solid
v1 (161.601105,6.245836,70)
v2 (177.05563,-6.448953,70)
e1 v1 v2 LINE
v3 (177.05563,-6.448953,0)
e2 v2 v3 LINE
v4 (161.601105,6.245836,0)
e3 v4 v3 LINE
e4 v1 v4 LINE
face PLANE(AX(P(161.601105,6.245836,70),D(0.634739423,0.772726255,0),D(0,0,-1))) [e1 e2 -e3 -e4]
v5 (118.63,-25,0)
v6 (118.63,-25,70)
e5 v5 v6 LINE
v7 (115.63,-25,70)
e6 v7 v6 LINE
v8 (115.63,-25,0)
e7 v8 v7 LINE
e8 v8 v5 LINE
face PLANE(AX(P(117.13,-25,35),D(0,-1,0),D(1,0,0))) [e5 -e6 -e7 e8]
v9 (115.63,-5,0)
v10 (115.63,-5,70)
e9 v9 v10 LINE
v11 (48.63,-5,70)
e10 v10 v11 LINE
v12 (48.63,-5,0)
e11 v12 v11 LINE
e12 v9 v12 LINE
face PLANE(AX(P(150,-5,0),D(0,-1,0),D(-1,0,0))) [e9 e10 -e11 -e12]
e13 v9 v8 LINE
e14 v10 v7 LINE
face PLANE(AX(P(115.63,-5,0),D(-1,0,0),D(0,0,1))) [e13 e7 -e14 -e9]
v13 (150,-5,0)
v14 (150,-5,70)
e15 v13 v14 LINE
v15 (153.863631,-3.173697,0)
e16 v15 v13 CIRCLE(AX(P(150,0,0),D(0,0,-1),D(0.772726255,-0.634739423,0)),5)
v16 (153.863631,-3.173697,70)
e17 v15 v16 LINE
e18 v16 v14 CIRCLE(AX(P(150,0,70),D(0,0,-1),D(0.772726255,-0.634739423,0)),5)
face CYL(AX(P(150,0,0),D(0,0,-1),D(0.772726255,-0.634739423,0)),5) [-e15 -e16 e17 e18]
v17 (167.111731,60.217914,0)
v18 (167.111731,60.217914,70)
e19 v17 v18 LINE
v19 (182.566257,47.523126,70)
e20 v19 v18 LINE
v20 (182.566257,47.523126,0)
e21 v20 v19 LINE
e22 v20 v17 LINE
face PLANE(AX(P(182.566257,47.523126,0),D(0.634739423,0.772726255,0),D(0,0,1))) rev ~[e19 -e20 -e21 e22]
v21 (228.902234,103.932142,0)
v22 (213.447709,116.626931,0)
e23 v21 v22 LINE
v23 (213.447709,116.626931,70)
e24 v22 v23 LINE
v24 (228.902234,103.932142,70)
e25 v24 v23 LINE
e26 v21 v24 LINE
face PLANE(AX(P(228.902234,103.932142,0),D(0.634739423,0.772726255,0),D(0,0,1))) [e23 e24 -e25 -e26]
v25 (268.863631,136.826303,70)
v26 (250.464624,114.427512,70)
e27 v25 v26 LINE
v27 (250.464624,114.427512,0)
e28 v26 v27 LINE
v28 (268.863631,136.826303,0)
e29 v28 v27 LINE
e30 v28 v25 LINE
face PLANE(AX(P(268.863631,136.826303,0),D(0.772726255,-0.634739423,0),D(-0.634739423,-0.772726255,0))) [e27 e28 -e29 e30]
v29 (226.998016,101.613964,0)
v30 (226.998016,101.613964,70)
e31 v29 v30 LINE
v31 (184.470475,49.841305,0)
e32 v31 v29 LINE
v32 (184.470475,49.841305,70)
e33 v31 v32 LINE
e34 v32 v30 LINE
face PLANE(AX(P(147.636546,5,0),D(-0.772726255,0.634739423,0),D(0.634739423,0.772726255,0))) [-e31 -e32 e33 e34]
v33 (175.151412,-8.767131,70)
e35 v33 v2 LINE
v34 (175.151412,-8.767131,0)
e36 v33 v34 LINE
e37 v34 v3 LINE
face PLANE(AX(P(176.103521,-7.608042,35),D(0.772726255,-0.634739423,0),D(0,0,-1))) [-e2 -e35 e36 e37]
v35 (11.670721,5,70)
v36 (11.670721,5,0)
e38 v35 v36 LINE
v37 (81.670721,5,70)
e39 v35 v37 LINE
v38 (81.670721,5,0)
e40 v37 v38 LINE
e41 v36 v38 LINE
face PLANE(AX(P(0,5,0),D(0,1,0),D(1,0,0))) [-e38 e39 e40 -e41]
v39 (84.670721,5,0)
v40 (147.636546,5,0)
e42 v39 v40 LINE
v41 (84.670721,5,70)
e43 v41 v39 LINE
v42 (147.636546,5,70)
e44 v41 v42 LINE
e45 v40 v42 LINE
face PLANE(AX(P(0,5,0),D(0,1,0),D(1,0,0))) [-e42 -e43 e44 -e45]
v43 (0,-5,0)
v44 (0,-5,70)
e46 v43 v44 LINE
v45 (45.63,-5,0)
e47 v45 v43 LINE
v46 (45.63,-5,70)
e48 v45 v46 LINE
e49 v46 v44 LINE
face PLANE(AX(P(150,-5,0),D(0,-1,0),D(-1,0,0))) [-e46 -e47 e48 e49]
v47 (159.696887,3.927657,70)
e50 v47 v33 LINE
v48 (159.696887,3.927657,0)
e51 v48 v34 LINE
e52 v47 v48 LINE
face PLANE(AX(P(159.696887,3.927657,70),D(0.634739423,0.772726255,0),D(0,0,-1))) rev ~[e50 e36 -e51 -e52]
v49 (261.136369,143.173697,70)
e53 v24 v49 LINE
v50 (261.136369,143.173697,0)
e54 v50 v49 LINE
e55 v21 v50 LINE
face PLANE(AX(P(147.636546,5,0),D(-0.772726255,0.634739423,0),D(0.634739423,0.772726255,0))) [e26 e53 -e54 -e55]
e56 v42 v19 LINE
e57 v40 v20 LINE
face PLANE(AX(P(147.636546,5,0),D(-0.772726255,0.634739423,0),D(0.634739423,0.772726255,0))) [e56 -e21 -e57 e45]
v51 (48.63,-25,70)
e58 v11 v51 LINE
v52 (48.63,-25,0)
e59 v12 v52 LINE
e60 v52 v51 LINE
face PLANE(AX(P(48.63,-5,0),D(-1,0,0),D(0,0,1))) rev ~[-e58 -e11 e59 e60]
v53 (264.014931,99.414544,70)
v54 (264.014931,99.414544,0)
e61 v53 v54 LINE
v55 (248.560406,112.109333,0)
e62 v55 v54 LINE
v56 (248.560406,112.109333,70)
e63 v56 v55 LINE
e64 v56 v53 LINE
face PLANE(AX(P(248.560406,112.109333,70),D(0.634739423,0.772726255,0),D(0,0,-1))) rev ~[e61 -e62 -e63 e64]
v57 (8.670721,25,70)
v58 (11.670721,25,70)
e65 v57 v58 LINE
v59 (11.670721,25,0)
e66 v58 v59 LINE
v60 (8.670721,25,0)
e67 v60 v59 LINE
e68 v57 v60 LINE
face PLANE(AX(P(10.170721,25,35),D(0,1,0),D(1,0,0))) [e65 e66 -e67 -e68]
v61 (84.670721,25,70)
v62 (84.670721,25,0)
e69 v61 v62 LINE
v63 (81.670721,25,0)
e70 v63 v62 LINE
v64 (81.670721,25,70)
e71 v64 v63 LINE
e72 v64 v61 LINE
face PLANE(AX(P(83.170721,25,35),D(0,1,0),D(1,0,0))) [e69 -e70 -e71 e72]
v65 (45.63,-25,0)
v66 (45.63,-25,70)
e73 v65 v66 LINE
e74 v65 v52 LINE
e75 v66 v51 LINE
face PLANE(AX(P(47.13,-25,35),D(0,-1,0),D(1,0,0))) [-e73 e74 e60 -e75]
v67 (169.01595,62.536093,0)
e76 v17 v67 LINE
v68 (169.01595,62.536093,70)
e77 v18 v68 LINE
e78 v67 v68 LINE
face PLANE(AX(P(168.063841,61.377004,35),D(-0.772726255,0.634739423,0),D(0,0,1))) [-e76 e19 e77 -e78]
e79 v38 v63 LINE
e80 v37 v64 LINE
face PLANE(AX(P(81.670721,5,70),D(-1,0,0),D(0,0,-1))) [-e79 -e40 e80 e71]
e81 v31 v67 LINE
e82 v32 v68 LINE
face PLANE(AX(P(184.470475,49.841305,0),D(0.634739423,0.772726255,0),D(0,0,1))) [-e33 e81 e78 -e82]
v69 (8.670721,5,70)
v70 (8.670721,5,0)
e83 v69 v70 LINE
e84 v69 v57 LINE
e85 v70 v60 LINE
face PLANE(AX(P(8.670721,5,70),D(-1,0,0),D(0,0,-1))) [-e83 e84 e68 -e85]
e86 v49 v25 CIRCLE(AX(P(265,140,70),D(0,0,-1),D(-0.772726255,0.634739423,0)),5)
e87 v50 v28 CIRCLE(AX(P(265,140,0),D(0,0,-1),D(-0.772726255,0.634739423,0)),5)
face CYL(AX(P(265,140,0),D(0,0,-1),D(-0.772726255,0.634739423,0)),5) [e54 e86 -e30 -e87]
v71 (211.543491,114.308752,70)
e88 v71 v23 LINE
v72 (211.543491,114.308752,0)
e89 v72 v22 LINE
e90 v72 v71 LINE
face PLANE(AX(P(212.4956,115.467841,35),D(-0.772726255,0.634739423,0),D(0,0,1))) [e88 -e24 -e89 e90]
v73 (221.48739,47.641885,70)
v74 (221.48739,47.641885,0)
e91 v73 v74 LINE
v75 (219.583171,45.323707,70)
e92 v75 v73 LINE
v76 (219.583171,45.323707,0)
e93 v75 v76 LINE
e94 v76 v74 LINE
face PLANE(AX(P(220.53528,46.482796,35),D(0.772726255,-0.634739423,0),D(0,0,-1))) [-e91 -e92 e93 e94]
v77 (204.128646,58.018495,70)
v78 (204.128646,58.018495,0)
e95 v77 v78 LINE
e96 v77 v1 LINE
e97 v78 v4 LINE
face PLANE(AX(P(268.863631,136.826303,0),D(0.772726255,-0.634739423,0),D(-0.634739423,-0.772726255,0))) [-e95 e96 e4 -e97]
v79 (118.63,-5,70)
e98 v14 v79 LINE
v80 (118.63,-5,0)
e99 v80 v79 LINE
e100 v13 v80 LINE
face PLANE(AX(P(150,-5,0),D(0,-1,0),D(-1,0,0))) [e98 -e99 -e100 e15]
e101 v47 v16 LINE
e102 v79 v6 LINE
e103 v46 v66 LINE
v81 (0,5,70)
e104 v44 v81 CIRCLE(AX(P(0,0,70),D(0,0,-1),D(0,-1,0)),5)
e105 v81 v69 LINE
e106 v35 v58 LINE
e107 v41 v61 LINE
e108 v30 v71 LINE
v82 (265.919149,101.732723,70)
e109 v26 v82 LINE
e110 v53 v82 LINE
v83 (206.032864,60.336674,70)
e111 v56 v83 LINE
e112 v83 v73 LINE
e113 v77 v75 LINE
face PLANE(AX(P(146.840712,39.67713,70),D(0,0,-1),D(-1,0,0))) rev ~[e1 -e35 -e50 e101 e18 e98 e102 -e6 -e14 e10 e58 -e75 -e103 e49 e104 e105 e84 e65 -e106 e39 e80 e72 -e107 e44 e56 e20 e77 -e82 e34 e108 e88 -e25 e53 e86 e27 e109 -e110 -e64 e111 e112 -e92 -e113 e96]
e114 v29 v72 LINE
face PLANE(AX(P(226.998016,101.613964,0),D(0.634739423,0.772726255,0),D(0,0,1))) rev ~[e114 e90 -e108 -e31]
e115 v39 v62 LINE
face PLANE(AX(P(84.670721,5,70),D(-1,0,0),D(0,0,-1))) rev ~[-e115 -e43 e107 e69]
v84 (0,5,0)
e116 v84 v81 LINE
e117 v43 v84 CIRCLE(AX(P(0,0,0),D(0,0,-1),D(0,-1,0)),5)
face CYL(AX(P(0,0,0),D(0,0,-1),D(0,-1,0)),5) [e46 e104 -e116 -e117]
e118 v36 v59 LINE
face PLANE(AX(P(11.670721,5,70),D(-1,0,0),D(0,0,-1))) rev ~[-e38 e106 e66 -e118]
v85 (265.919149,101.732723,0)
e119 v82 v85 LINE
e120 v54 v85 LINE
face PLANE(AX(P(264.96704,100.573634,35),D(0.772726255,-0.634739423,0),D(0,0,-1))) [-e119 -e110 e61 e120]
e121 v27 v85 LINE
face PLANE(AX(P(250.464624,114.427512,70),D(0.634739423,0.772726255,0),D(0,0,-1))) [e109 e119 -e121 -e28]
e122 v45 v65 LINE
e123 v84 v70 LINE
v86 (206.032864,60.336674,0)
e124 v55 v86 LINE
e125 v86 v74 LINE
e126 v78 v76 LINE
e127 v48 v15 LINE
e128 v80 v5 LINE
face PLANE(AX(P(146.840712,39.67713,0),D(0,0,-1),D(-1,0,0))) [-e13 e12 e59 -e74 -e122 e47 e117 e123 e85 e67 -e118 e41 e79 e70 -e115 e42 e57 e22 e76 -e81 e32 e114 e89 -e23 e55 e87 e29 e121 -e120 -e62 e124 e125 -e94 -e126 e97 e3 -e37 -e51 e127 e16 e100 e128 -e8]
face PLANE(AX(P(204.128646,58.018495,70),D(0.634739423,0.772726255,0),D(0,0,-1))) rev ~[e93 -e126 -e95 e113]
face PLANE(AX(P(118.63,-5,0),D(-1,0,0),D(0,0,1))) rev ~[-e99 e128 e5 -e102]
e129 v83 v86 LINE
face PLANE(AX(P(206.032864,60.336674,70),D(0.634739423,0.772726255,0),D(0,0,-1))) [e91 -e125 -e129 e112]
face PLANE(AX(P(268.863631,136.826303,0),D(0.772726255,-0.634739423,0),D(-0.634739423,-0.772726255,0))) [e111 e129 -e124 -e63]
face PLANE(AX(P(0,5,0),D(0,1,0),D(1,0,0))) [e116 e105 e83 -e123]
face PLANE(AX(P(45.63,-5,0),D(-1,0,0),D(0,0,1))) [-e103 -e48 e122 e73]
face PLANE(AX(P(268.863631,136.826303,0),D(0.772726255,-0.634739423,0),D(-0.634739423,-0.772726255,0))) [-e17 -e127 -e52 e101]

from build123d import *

# Parameters (mm, degrees)
BOSS_EXTRUDE1_DEPTH = 70
SKETCH2_W           = 3
SKETCH2_H           = 70
BOSS_EXTRUDE2_DEPTH = 20
LPATTERN2_COUNT     = 2
LPATTERN2_PITCH     = 73
SKETCH3_W           = 70
SKETCH3_H           = 3
BOSS_EXTRUDE3_DEPTH = 20
LPATTERN3_COUNT     = 2
LPATTERN3_PITCH     = 70
SKETCH6_W           = 3
SKETCH6_H           = 70
BOSS_EXTRUDE4_DEPTH = 20
LPATTERN4_COUNT     = 2
LPATTERN4_PITCH     = 70
SKETCH8_W           = 70
SKETCH8_H           = 3
BOSS_EXTRUDE5_DEPTH = 20
LPATTERN5_COUNT     = 3
LPATTERN5_PITCH     = 70


with BuildPart() as part:
    # Sketch1 → Boss-Extrude1 (new body)
    with BuildSketch(Plane.XY):
        with BuildLine():
            Line((150, -5), (0, -5))
            ThreePointArc((0, -5), (-5, 0), (0, 5))
            Line((0, 5), (147.636546096, 5))
            Line((147.636546096, 5), (261.136368727, 143.173697117))
            ThreePointArc((261.136368727, 143.173697117), (268.173697117, 143.863631273), (268.863631273, 136.826302883))
            Line((268.863631273, 136.826302883), (153.863631273, -3.173697117))
            ThreePointArc((153.863631273, -3.173697117), (152.136763255, -4.520425068), (150, -5))
        make_face()
    extrude(amount=BOSS_EXTRUDE1_DEPTH)

    # Sketch2 → Boss-Extrude2 (add)
    with BuildSketch(Plane(origin=(0, 5, 0), x_dir=(1, 0, 0), z_dir=(0, 1, 0))):
        with Locations((10.170720814, -35)):
            Rectangle(SKETCH2_W, SKETCH2_H)
    boss_extrude2 = extrude(amount=BOSS_EXTRUDE2_DEPTH)

    # LPattern2: Boss-Extrude2 ×2
    with Locations(*[(i * LPATTERN2_PITCH, 0, 0) for i in range(1, LPATTERN2_COUNT)]):
        add(boss_extrude2)

    # Sketch3 → Boss-Extrude3 (add)
    with BuildSketch(Plane(origin=(85.702248392, -70.398275465, 0), x_dir=(0, 0, 1), z_dir=(-0.7727262545252344, 0.6347394233600138, 0))):
        with Locations((35, 154.104367408)):
            Rectangle(SKETCH3_W, SKETCH3_H)
    boss_extrude3 = extrude(amount=BOSS_EXTRUDE3_DEPTH)

    # LPattern3: Boss-Extrude3 ×2
    with Locations(*[Vector(0.6347394233600139, 0.7727262545252342, 0) * (i * LPATTERN3_PITCH) for i in range(1, LPATTERN3_COUNT)]):
        add(boss_extrude3)

    # Sketch6 → Boss-Extrude4 (add)
    with BuildSketch(Plane.XZ.offset(5)):
        with Locations((47.13, 35)):
            Rectangle(SKETCH6_W, SKETCH6_H)
    boss_extrude4 = extrude(amount=BOSS_EXTRUDE4_DEPTH)

    # LPattern4: Boss-Extrude4 ×2
    with Locations(*[(i * LPATTERN4_PITCH, 0, 0) for i in range(1, LPATTERN4_COUNT)]):
        add(boss_extrude4)

    # Sketch8 → Boss-Extrude5 (add)
    with BuildSketch(Plane(origin=(93.429510938, -76.745669699, 0), x_dir=(0, 0, -1), z_dir=(0.7727262545252342, -0.6347394233600141, 0))):
        with Locations((-35, 105.900913504)):
            Rectangle(SKETCH8_W, SKETCH8_H)
    boss_extrude5 = extrude(amount=BOSS_EXTRUDE5_DEPTH)

    # LPattern5: Boss-Extrude5 ×3
    with Locations(*[Vector(0.6347394233600141, 0.7727262545252341, 0) * (i * LPATTERN5_PITCH) for i in range(1, LPATTERN5_COUNT)]):
        add(boss_extrude5)


solid = part.part
